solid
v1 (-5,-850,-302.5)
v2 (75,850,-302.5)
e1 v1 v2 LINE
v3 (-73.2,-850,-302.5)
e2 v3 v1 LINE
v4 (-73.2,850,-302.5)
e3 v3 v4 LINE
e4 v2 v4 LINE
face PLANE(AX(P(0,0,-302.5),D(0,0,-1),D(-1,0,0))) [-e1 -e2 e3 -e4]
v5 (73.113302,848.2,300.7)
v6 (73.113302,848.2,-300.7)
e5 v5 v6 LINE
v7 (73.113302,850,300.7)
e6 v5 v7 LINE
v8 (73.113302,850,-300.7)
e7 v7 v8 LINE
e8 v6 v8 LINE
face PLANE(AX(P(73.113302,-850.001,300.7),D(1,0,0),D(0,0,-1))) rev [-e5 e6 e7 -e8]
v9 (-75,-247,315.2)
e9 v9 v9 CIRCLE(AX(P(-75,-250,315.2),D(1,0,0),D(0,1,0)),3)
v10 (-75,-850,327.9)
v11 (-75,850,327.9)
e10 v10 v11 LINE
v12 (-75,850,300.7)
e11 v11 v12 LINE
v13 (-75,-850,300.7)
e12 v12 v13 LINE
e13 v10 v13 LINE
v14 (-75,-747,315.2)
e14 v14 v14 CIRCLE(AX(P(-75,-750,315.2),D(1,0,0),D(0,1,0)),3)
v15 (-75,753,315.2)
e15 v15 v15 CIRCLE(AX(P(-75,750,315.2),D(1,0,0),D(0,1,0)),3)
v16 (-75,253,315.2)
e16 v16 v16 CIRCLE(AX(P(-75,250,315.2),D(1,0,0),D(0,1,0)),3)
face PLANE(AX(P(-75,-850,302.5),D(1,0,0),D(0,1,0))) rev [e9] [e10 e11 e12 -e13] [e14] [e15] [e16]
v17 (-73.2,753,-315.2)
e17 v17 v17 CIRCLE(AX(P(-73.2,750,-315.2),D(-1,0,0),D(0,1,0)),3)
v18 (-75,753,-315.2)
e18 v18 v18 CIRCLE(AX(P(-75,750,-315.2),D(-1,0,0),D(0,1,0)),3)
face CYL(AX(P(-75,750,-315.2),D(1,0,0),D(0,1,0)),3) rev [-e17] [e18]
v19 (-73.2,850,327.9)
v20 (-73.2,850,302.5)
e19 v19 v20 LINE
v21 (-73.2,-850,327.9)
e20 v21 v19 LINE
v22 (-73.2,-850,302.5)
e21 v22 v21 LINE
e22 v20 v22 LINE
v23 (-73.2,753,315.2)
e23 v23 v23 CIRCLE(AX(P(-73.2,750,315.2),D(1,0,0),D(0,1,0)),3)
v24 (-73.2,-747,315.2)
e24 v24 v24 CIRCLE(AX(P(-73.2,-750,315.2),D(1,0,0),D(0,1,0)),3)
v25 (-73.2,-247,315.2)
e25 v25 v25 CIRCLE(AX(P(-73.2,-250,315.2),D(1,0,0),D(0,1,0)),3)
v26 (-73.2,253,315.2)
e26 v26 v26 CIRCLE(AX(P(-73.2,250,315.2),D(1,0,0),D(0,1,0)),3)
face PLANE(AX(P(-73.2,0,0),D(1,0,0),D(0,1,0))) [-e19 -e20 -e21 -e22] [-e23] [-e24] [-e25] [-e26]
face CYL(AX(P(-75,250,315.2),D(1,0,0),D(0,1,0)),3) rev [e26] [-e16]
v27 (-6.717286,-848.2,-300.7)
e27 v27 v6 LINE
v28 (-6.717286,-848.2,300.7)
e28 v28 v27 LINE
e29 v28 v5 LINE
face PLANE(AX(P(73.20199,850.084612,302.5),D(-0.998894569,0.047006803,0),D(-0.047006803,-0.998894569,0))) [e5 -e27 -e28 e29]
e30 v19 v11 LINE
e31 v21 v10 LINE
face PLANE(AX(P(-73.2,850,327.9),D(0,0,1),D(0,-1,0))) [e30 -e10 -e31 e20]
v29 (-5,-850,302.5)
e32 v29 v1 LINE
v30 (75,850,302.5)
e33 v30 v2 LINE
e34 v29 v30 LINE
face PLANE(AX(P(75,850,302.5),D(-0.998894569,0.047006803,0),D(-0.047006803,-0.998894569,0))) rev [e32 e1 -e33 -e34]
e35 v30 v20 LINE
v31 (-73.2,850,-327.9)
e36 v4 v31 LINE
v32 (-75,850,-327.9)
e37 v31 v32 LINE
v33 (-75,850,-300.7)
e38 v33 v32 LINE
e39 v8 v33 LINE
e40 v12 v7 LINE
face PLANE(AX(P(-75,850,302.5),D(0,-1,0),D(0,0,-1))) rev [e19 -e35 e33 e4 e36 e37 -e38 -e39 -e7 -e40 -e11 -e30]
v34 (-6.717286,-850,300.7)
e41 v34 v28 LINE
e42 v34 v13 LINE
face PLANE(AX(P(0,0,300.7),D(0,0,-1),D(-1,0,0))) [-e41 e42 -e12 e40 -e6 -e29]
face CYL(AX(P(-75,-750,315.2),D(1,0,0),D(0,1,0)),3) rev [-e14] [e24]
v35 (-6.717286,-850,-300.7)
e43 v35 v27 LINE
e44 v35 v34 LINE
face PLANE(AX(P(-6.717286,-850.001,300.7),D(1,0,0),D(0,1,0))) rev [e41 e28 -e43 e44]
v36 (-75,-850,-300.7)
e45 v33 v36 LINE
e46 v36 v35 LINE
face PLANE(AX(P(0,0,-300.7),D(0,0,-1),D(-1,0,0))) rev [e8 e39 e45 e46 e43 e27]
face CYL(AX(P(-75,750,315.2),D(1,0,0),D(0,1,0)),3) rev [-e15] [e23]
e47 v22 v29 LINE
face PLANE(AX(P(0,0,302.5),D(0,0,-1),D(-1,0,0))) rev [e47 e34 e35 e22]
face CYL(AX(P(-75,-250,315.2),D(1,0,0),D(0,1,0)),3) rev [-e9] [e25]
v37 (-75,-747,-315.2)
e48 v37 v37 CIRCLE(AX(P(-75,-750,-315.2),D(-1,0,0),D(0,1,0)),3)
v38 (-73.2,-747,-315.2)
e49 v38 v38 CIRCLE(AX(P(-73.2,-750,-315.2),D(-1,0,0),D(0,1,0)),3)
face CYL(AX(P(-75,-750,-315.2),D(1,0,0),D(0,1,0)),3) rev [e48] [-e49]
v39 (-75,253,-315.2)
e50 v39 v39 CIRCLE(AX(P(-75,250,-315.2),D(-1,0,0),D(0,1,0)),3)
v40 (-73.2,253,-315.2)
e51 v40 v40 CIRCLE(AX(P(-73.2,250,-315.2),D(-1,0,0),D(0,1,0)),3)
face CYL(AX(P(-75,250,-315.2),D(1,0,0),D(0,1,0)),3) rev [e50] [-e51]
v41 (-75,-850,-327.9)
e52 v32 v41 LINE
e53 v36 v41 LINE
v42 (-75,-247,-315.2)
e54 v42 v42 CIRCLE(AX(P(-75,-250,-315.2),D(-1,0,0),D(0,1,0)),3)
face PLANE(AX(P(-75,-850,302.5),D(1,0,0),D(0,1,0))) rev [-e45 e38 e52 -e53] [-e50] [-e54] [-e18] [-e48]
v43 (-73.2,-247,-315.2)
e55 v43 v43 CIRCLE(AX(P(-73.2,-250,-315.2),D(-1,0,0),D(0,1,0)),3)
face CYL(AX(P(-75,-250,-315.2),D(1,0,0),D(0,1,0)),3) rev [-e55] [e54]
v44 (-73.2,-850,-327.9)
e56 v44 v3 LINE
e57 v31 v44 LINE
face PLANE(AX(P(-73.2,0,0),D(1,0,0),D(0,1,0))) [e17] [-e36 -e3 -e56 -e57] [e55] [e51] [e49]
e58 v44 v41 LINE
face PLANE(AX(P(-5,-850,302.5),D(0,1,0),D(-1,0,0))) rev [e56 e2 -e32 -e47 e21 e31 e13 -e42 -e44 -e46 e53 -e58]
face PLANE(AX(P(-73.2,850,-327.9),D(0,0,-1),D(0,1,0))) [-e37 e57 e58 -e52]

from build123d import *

# Parameters (mm, degrees)
BOSS_EXTRUDE1_DEPTH = 302.5
SHELL1_T            = -1.8
CUT_EXTRUDE4_REACH  = 1730.332
SKETCH22_W          = 148.11330214
SKETCH22_H          = 601.4
CUT_EXTRUDE5_REACH  = 1728.561
SKETCH23_W          = 68.282713905
SKETCH23_H          = 601.4
SKETCH24_W          = 25.4
SKETCH24_H          = 1700
BOSS_EXTRUDE2_DEPTH = 1.8
SKETCH25_R          = 3
CUT_EXTRUDE6_DEPTH  = 10


with BuildPart() as part:
    # Sketch21 → Boss-Extrude1 (new, symmetric)
    with BuildSketch(Plane.XY):
        Polygon((-75, -850), (-75, 850), (75, 850), (-5, -850), align=None)
    extrude(amount=BOSS_EXTRUDE1_DEPTH, both=True)

    # Shell1
    shell1_openings = [part.faces().sort_by_distance(p)[0] for p in [
        (-75, 0, 0),
    ]]
    offset(amount=SHELL1_T, openings=shell1_openings, kind=Kind.INTERSECTION)

    # Sketch22 → Cut-Extrude4 (cut, up to next)
    with BuildSketch(Plane(origin=(0, 850, 0), x_dir=(1, 0, 0), z_dir=(0, 1, 0)), mode=Mode.PRIVATE) as cut_extrude4_sk1:
        with Locations((-0.94334893, 0)):
            Rectangle(SKETCH22_W, SKETCH22_H)
    cut_extrude4_tool1 = extrude(cut_extrude4_sk1.sketch, amount=-CUT_EXTRUDE4_REACH, mode=Mode.PRIVATE) & part.part
    add(cut_extrude4_tool1.solids().sort_by_distance((-0.943349, 850, 0))[0], mode=Mode.SUBTRACT)

    # Sketch23 → Cut-Extrude5 (cut, up to next)
    with BuildSketch(Plane(origin=(0, -848.2, 0), x_dir=(1, 0, 0), z_dir=(0, 1, 0)), mode=Mode.PRIVATE) as cut_extrude5_sk1:
        with Locations((-40.858643048, 0)):
            Rectangle(SKETCH23_W, SKETCH23_H)
    cut_extrude5_tool1 = extrude(cut_extrude5_sk1.sketch, amount=-CUT_EXTRUDE5_REACH, mode=Mode.PRIVATE) & part.part
    add(cut_extrude5_tool1.solids().sort_by_distance((-40.858643, -848.2, 0))[0], mode=Mode.SUBTRACT)

    # Sketch24 → Boss-Extrude2 (add)
    with BuildSketch(Plane.ZY.offset(75)):
        with Locations((-315.2, 0)):
            Rectangle(SKETCH24_W, SKETCH24_H)
        with Locations((315.2, 0)):
            Rectangle(SKETCH24_W, SKETCH24_H)
    extrude(amount=-BOSS_EXTRUDE2_DEPTH)

    # Sketch25 → Cut-Extrude6 (cut)
    with BuildSketch(Plane(origin=(-73.2, 0, 0), x_dir=(0, 0, -1), z_dir=(1, 0, 0))):
        with Locations(Location((-315.2, 750, 0), (0, 0, 90))):
            Circle(SKETCH25_R)
        with Locations(Location((-315.2, 250, 0), (0, 0, 90))):
            Circle(SKETCH25_R)
        with Locations(Location((-315.2, -250, 0), (0, 0, 90))):
            Circle(SKETCH25_R)
        with Locations(Location((-315.2, -750, 0), (0, 0, 90))):
            Circle(SKETCH25_R)
    cut_extrude6 = extrude(amount=-CUT_EXTRUDE6_DEPTH, mode=Mode.SUBTRACT)

    # Mirror1: Cut-Extrude6 across plane
    add(cut_extrude6.mirror(Plane.XY), mode=Mode.SUBTRACT)


solid = part.part
